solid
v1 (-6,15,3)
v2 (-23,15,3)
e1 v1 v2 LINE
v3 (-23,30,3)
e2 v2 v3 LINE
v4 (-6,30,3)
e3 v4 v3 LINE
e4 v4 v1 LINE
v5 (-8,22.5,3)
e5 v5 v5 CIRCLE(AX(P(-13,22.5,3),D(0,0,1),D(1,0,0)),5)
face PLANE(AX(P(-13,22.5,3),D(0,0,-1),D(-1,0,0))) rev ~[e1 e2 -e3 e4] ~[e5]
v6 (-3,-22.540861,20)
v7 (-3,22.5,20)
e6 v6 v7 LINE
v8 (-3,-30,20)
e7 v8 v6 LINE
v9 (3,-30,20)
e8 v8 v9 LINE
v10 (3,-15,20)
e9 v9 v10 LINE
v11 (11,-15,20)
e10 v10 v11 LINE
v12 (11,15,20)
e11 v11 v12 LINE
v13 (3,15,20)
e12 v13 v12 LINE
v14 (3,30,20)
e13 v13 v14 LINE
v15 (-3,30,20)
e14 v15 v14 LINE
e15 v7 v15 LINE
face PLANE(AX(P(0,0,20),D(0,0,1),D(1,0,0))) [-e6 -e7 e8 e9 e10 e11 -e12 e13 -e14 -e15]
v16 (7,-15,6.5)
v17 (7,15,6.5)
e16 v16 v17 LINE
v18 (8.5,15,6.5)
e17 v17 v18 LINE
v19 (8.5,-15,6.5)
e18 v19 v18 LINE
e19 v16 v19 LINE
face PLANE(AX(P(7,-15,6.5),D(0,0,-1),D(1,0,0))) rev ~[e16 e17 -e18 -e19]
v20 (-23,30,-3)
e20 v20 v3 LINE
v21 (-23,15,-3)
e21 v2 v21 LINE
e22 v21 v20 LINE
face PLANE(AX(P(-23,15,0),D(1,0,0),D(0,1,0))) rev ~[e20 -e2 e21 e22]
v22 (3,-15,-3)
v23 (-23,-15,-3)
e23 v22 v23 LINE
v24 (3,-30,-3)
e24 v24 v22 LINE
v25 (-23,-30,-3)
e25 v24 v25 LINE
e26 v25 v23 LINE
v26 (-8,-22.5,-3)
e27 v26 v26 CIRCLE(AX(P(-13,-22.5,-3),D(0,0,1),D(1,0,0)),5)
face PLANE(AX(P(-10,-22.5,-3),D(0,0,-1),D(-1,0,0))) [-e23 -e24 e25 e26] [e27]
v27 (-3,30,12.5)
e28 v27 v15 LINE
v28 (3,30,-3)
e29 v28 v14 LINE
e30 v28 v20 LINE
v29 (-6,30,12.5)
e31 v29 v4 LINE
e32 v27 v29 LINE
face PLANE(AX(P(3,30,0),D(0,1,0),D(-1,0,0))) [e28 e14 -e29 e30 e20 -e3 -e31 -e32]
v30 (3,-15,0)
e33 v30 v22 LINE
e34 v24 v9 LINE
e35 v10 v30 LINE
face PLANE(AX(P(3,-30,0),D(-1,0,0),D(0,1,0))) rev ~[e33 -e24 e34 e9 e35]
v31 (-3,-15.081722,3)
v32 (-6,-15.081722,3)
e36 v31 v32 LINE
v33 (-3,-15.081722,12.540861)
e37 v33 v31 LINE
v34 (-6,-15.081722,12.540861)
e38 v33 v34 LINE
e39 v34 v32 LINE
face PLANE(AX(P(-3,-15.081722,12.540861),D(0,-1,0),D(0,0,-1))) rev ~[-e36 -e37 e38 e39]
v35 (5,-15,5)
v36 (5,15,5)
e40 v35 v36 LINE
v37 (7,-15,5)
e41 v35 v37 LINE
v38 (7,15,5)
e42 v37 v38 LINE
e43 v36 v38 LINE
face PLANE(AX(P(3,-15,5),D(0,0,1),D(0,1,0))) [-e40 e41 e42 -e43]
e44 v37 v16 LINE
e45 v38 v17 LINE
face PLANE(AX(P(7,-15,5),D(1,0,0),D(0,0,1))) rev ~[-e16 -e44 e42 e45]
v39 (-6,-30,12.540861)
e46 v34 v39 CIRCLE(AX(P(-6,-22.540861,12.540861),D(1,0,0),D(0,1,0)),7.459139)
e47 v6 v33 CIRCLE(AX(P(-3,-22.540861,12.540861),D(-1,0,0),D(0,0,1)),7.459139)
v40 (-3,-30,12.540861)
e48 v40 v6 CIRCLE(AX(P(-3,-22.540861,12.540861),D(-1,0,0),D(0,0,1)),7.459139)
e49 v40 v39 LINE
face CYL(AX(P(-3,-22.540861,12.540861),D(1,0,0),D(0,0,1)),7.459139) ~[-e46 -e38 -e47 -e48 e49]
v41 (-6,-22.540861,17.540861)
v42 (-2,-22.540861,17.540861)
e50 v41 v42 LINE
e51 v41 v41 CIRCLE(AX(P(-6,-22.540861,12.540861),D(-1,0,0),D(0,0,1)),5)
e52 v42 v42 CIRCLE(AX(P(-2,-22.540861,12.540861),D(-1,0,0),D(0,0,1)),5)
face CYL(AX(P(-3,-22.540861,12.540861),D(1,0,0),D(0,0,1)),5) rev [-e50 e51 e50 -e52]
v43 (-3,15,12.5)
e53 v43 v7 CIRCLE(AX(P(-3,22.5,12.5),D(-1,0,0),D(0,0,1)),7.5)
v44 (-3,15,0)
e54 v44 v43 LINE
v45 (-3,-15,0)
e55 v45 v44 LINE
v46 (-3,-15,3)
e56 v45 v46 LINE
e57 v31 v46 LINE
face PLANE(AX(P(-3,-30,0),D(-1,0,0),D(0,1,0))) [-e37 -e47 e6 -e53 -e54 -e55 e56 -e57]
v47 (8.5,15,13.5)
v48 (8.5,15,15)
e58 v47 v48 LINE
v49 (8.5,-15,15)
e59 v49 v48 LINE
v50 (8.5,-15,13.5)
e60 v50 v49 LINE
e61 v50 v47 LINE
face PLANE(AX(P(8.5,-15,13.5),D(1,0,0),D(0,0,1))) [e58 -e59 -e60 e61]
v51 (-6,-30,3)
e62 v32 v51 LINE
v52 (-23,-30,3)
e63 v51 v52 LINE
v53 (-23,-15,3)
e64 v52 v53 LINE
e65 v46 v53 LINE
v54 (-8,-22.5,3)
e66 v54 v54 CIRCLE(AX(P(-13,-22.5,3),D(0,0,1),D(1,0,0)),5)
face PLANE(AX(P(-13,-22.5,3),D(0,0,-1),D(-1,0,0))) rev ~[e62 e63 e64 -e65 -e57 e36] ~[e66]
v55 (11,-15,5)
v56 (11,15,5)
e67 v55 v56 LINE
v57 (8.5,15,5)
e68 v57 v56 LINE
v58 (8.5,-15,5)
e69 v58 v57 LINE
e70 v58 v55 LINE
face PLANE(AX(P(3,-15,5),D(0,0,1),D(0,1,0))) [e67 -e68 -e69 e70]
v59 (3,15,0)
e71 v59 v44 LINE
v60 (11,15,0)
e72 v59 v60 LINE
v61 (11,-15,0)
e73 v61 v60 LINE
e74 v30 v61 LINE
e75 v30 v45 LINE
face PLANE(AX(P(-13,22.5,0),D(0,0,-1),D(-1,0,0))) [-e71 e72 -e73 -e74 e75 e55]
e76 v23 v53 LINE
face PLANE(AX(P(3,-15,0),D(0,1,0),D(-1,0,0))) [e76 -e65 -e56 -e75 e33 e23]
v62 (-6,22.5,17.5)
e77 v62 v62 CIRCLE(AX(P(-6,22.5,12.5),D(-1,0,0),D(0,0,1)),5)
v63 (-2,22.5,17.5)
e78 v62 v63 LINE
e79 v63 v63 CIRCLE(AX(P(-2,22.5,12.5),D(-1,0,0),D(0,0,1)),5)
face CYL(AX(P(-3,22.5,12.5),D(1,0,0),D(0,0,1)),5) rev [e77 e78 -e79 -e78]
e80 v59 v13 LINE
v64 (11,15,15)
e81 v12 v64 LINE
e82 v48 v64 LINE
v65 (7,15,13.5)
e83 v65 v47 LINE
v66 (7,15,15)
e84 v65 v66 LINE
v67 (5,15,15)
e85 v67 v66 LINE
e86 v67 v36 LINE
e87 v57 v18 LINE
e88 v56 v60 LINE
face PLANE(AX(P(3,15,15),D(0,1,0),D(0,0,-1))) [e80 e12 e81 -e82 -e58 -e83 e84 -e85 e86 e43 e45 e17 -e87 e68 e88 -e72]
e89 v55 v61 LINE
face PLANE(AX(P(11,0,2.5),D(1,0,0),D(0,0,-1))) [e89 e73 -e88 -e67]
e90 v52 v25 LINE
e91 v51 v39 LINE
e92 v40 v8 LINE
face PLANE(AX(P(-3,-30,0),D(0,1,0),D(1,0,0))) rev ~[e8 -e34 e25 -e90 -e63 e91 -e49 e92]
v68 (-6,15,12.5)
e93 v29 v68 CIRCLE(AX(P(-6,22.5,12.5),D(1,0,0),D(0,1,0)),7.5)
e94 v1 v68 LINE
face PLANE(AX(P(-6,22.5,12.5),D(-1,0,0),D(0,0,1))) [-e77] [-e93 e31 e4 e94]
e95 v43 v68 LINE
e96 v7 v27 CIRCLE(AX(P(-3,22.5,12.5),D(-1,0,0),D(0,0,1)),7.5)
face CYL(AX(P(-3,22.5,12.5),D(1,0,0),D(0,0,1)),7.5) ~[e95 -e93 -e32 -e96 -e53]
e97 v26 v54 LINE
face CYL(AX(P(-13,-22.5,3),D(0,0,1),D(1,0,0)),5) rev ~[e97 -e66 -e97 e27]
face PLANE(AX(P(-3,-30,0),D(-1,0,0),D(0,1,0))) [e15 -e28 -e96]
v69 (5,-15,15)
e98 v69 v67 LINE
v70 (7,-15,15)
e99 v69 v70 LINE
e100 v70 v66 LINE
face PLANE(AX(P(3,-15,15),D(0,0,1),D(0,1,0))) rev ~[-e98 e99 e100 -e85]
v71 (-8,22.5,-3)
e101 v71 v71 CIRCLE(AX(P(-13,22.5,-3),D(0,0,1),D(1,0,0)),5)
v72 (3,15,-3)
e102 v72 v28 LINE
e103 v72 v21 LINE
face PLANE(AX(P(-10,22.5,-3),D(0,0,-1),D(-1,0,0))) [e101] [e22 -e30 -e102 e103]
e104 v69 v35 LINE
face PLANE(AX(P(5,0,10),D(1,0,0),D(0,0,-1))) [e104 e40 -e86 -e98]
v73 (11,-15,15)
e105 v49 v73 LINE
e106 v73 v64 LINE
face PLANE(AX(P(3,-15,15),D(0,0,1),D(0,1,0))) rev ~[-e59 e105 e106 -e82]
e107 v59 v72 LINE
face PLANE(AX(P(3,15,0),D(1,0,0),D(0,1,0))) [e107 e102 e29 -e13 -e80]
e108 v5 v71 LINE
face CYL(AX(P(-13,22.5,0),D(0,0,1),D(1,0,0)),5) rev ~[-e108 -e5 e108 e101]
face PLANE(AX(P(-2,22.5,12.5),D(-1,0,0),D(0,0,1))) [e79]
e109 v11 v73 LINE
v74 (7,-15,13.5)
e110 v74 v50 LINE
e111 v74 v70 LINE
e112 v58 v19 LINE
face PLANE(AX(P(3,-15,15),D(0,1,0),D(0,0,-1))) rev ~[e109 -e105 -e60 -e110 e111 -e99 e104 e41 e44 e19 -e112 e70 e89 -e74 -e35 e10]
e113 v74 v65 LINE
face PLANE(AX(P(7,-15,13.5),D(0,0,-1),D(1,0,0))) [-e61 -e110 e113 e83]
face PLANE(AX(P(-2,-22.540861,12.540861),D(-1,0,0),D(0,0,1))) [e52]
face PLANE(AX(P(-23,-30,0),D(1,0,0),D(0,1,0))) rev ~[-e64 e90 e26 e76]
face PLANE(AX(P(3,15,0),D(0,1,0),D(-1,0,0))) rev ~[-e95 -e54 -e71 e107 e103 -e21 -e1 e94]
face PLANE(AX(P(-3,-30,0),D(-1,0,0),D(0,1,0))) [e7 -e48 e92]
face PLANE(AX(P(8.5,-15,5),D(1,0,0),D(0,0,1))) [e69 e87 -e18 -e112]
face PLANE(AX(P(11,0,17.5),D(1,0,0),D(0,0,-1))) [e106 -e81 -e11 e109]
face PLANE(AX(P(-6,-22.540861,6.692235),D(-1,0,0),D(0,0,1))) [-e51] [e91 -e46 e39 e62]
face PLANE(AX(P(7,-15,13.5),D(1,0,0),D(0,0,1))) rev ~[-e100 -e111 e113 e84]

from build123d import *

# Parameters (mm, degrees)
SKETCH_1_W          = 6
SKETCH_1_H          = 60
EXTRUDE_1_DEPTH     = 20
SKETCH_2_W          = 5
SKETCH_2_H          = 30
EXTRUDE_2_DEPTH     = 8
SKETCH_3_W          = 10
SKETCH_3_H          = 30
EXTRUDE_3_DEPTH     = 2
SKETCH_4_W          = 1.5
SKETCH_4_H          = 1.5
EXTRUDE_4_DEPTH     = 30
SKETCH_6_W          = 20
SKETCH_6_H          = 15
EXTRUDE_5_DEPTH     = 3
SKETCH_7_R          = 5
CUT_EXTRUDE_1_DEPTH = 42.448763552
SKETCH_8_R          = 7.5
SKETCH_8_R_2        = 5
SKETCH_8_R_3        = 7.459139247
EXTRUDE_7_DEPTH     = 3
CUT_EXTRUDE_START   = -1
SKETCH_10_R         = 5
CUT_EXTRUDE_3_DEPTH = 1
SKETCH_11_W         = 26
SKETCH_11_H         = 15
EXTRUDE_8_DEPTH     = 3
SKETCH_12_R         = 5
CUT_EXTRUDE_4_DEPTH = 3


with BuildPart() as part:
    # 草图1 → 凸台-拉伸1 (new body)
    with BuildSketch(Plane.XY):
        Rectangle(SKETCH_1_W, SKETCH_1_H)
    extrude(amount=EXTRUDE_1_DEPTH)

    # 草图2 → 凸台-拉伸2 (add)
    with BuildSketch(Plane(origin=(3, 0, 0), x_dir=(0, 0, -1), z_dir=(1, 0, 0))):
        with Locations((-17.5, 0)):
            Rectangle(SKETCH_2_W, SKETCH_2_H)
        with Locations((-2.5, 0)):
            Rectangle(SKETCH_2_W, SKETCH_2_H)
    extrude(amount=EXTRUDE_2_DEPTH)

    # 草图3 → 凸台-拉伸3 (add)
    with BuildSketch(Plane(origin=(3, 0, 0), x_dir=(0, 0, -1), z_dir=(1, 0, 0))):
        with Locations((-10, 0)):
            Rectangle(SKETCH_3_W, SKETCH_3_H)
    extrude(amount=EXTRUDE_3_DEPTH)

    # 草图4 → 凸台-拉伸4 (add)
    with BuildSketch(Plane.XZ.offset(15)):
        with Locations((7.75, 14.25)):
            Rectangle(SKETCH_4_W, SKETCH_4_H)
        with Locations((7.75, 5.75)):
            Rectangle(SKETCH_4_W, SKETCH_4_H)
    extrude(amount=-EXTRUDE_4_DEPTH)

    # 草图6 → 凸台-拉伸5 (add)
    with BuildSketch(Plane(origin=(0, 0, 0), x_dir=(-1, 0, 0), z_dir=(0, 0, -1))):
        with Locations((13, 22.5)):
            Rectangle(SKETCH_6_W, SKETCH_6_H)
        with Locations((13, -22.5)):
            Rectangle(SKETCH_6_W, SKETCH_6_H)
    extrude(amount=-EXTRUDE_5_DEPTH)

    # 草图7 → 切除-拉伸1 (cut, through all)
    with BuildSketch(Plane.XY.offset(3)):
        with Locations((-13, -22.5)):
            Circle(SKETCH_7_R)
        with Locations((-13, 22.5)):
            Circle(SKETCH_7_R)
    extrude(amount=-CUT_EXTRUDE_1_DEPTH, mode=Mode.SUBTRACT)

    # 草图8 → 凸台-拉伸7 (add)
    # profile 1 of 4: a face of its own
    with BuildSketch(Plane.ZY.offset(3)):
        with Locations((12.5, 22.5)):
            Circle(SKETCH_8_R)
        with Locations((12.5, 22.5)):
            Circle(SKETCH_8_R_2, mode=Mode.SUBTRACT)
    # profile 2 of 4: a face of its own
    with BuildSketch(Plane.ZY.offset(3)):
        with BuildLine():
            Line((12.5, 30), (3, 30))
            Line((3, 30), (3, 15))
            Line((3, 15), (12.5, 15))
            ThreePointArc((12.5, 15), (5, 22.5), (12.5, 30))
        make_face()
    # profile 3 of 4: a face of its own
    with BuildSketch(Plane.ZY.offset(3)):
        with BuildLine():
            Line((12.540860753, -15.081721505), (3, -15.081721505))
            Line((3, -15.081721505), (3, -30))
            Line((3, -30), (12.540860753, -30))
            ThreePointArc((12.540860753, -30), (5.081721505, -22.540860753), (12.540860753, -15.081721505))
        make_face()
    # profile 4 of 4: a face of its own
    with BuildSketch(Plane.ZY.offset(3)):
        with Locations((12.540860753, -22.540860753)):
            Circle(SKETCH_8_R_3)
        with Locations((12.540860753, -22.540860753)):
            Circle(SKETCH_8_R_2, mode=Mode.SUBTRACT)
    extrude(amount=EXTRUDE_7_DEPTH)

    # 草图10 → 切除-拉伸3 (cut)
    with BuildSketch(Plane.ZY.offset(3).offset(CUT_EXTRUDE_START)):
        with Locations((12.5, 22.5)):
            Circle(SKETCH_10_R)
        with Locations((12.540860753, -22.540860753)):
            Circle(SKETCH_10_R)
    extrude(amount=CUT_EXTRUDE_3_DEPTH, mode=Mode.SUBTRACT)

    # 草图11 → 凸台-拉伸8 (add)
    with BuildSketch(Plane(origin=(0, 0, 0), x_dir=(-1, 0, 0), z_dir=(0, 0, -1))):
        with Locations((10, 22.5)):
            Rectangle(SKETCH_11_W, SKETCH_11_H)
        with Locations((10, -22.5)):
            Rectangle(SKETCH_11_W, SKETCH_11_H)
    extrude(amount=EXTRUDE_8_DEPTH)

    # 草图12 → 切除-拉伸4 (cut)
    with BuildSketch(Plane.XY):
        with Locations((-13, 22.5)):
            Circle(SKETCH_12_R)
        with Locations((-13, -22.5)):
            Circle(SKETCH_12_R)
    extrude(amount=-CUT_EXTRUDE_4_DEPTH, mode=Mode.SUBTRACT)


solid = part.part
